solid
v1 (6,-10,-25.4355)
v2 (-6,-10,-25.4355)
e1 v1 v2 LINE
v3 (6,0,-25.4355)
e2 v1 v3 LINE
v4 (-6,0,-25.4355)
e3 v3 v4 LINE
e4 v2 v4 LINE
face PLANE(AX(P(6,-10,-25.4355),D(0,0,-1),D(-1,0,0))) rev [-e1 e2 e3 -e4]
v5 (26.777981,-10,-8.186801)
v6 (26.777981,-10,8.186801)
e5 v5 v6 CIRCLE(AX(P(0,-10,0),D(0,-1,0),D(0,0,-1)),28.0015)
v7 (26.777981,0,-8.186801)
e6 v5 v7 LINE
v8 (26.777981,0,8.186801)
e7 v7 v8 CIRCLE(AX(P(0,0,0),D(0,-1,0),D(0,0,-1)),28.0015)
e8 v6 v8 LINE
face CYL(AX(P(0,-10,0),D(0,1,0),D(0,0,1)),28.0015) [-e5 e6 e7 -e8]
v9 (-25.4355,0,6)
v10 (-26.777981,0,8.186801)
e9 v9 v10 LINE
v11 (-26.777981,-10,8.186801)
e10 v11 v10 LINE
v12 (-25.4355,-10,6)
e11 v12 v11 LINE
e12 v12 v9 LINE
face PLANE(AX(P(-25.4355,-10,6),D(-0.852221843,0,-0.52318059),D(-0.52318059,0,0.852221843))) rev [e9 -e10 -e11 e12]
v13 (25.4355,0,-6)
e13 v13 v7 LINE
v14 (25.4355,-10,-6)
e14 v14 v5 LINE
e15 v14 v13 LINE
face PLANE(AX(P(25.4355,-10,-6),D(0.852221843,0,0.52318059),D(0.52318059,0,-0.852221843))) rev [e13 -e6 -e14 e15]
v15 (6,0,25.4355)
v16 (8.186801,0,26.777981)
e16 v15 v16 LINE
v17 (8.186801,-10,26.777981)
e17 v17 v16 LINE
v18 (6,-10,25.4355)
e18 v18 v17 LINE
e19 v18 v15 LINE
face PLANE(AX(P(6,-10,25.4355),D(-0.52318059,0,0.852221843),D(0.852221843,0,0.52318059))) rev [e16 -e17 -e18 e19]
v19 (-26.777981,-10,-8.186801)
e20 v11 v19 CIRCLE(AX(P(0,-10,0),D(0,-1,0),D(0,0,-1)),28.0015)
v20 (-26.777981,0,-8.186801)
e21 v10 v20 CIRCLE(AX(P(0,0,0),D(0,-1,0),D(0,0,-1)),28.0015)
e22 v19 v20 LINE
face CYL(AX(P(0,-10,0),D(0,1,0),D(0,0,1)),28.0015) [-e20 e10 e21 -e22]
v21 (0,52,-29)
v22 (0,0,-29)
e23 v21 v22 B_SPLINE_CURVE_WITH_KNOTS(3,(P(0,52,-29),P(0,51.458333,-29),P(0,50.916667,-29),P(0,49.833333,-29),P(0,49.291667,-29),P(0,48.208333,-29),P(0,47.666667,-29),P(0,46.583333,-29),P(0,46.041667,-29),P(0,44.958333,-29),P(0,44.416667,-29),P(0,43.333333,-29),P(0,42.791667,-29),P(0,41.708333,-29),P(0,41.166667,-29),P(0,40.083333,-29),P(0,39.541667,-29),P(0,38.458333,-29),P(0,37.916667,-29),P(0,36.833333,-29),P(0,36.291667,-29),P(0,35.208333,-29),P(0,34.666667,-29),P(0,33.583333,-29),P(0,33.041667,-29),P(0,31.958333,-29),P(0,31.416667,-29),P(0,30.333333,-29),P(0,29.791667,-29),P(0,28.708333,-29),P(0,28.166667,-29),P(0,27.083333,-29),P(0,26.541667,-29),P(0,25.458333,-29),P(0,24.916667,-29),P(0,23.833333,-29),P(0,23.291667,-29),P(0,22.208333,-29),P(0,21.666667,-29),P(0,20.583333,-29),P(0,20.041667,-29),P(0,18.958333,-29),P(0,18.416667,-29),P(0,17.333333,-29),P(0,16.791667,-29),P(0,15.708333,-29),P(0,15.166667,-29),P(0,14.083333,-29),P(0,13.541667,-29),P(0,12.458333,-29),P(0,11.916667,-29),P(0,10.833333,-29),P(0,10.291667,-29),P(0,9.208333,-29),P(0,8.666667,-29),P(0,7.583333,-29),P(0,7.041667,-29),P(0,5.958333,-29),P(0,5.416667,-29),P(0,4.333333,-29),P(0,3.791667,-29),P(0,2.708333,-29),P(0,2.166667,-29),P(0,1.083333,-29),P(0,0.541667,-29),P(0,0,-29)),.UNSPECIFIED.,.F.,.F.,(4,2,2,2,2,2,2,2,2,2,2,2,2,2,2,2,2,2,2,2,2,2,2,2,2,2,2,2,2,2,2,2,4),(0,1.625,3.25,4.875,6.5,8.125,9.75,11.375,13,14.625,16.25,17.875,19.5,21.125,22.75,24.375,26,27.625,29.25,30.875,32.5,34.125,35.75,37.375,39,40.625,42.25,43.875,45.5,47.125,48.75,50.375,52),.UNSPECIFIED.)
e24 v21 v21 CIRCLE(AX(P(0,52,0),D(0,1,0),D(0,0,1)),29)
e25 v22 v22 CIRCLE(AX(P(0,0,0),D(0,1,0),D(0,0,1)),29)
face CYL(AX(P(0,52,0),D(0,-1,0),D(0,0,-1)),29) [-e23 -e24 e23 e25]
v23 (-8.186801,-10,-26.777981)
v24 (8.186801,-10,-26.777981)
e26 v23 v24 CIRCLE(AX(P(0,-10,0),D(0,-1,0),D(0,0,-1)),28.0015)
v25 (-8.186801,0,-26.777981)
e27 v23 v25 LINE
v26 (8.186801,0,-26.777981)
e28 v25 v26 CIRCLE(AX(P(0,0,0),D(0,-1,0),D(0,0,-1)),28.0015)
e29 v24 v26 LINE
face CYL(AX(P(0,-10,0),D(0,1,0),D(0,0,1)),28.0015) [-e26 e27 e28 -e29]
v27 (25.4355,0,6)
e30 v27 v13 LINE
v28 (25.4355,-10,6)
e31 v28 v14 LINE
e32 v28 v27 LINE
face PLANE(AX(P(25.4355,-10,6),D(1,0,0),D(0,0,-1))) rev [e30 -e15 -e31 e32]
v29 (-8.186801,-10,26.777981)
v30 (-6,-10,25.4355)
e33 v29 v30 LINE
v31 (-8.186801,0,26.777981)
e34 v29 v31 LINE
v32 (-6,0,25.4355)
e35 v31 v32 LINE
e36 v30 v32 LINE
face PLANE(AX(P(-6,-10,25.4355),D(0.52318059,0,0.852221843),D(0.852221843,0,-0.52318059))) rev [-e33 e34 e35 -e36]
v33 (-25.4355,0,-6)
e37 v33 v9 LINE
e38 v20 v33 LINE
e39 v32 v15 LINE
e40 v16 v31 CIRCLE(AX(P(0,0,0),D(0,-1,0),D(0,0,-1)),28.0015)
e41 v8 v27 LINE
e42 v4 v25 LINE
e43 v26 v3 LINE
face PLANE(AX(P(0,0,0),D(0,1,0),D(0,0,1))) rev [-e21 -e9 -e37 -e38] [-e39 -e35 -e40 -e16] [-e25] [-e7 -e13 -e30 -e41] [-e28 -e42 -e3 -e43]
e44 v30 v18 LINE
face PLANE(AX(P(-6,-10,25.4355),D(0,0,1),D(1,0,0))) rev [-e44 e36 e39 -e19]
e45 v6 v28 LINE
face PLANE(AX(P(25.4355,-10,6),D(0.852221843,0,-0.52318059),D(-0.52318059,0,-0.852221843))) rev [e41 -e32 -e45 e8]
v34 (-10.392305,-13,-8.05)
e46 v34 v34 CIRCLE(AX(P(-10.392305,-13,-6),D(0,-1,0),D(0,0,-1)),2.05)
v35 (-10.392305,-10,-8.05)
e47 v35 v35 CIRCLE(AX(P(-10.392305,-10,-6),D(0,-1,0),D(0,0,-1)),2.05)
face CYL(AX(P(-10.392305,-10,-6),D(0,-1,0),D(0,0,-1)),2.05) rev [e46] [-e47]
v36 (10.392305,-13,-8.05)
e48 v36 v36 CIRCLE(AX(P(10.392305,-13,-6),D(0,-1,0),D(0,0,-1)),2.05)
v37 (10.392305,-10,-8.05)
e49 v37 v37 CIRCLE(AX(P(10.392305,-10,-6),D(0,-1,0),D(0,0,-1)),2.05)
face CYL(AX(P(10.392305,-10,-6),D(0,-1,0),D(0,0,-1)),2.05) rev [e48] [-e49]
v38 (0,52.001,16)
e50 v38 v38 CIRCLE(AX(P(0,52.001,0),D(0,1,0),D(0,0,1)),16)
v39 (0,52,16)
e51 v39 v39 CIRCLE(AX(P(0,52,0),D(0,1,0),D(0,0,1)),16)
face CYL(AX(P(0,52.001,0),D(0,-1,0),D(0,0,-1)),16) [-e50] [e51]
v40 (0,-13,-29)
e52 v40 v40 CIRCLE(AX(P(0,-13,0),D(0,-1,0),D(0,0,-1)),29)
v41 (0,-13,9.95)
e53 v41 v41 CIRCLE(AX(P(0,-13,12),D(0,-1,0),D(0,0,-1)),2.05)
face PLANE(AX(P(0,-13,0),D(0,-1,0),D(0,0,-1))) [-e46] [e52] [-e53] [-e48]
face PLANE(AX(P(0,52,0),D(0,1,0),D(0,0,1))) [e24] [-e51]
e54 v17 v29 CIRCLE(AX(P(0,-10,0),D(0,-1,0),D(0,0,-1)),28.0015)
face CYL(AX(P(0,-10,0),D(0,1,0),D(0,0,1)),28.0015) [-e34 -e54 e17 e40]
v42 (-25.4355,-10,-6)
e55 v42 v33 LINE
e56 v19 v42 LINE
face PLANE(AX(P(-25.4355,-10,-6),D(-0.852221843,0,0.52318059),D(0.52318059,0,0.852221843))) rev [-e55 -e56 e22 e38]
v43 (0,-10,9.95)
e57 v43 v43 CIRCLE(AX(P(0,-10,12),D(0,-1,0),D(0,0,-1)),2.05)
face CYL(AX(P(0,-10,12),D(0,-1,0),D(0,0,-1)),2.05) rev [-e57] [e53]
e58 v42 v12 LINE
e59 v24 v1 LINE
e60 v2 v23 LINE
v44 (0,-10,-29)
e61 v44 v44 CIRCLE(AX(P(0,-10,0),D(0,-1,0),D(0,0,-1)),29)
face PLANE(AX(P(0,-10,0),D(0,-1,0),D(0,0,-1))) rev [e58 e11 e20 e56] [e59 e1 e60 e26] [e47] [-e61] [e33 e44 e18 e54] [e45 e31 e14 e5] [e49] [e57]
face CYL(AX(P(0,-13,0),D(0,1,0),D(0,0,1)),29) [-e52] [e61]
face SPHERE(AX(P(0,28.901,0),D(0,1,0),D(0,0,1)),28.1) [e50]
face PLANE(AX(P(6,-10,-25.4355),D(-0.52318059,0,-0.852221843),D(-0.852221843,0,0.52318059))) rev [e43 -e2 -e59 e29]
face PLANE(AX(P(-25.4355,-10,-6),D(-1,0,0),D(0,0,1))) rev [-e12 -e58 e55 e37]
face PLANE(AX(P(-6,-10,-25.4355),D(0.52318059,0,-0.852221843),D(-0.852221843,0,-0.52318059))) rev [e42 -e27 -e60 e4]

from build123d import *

# Parameters (mm, degrees)
CROQUIS1_R              = 29
SALIENTE_EXTRUIR1_DEPTH = 52
SALIENTE_EXTRUIR2_DEPTH = 10
SALIENTE_EXTRUIR3_START = 3
CROQUIS3_R              = 29
SALIENTE_EXTRUIR3_DEPTH = 3
CROQUIS6_R              = 16
SALIENTE_EXTRUIR4_DEPTH = 0.001
C_PULA1_FACE_RADIUS     = 16
C_PULA1_HEIGHT          = 5
CROQUIS7_R              = 2.05
CORTAR_EXTRUIR1_DEPTH   = 3


with BuildPart() as part:
    # Croquis1 → Saliente-Extruir1 (new body)
    with BuildSketch(Plane(origin=(0, 0, 0), x_dir=(1, 0, 0), z_dir=(0, 1, 0))):
        with Locations(Location((0, 0, 0), (0, 0, 90))):
            Circle(CROQUIS1_R)
    extrude(amount=SALIENTE_EXTRUIR1_DEPTH)

    # Croquis2 → Saliente-Extruir2 (add)
    with BuildSketch(Plane.XZ):
        with BuildLine():
            Line((25.4355, 6), (25.4355, -6))
            Line((25.4355, -6), (26.777981394, -8.18680125))
            ThreePointArc((26.777981394, -8.18680125), (28.0015, 0), (26.777981394, 8.18680125))
            Line((26.777981394, 8.18680125), (25.4355, 6))
        make_face()
        with BuildLine():
            Line((-6, 25.4355), (6, 25.4355))
            Line((6, 25.4355), (8.18680125, 26.777981394))
            ThreePointArc((8.18680125, 26.777981394), (0, 28.0015), (-8.18680125, 26.777981394))
            Line((-8.18680125, 26.777981394), (-6, 25.4355))
        make_face()
        with BuildLine():
            Line((6, -25.4355), (-6, -25.4355))
            Line((-6, -25.4355), (-8.18680125, -26.777981394))
            ThreePointArc((-8.18680125, -26.777981394), (0, -28.0015), (8.18680125, -26.777981394))
            Line((8.18680125, -26.777981394), (6, -25.4355))
        make_face()
        with BuildLine():
            Line((-25.4355, -6), (-25.4355, 6))
            Line((-25.4355, 6), (-26.777981394, 8.18680125))
            ThreePointArc((-26.777981394, 8.18680125), (-28.0015, 0), (-26.777981394, -8.18680125))
            Line((-26.777981394, -8.18680125), (-25.4355, -6))
        make_face()
    extrude(amount=SALIENTE_EXTRUIR2_DEPTH)

    # Croquis3 → Saliente-Extruir3 (add)
    with BuildSketch(Plane.XZ.offset(10).offset(SALIENTE_EXTRUIR3_START)):
        with Locations(Location((0, 0, 0), (0, 0, 270))):
            Circle(CROQUIS3_R)
    extrude(amount=-SALIENTE_EXTRUIR3_DEPTH)

    # Croquis6 → Saliente-Extruir4 (add)
    with BuildSketch(Plane(origin=(0, 52, 0), x_dir=(1, 0, 0), z_dir=(0, 1, 0))):
        with Locations(Location((0, 0, 0), (0, 0, 270))):
            Circle(CROQUIS6_R)
    extrude(amount=SALIENTE_EXTRUIR4_DEPTH)

    # Cúpula1: a dome of height H over a round flat face of radius A is a cap of a sphere of radius (A * A + H * H) / (2 * H)
    c_pula1_r = (C_PULA1_FACE_RADIUS * C_PULA1_FACE_RADIUS + C_PULA1_HEIGHT * C_PULA1_HEIGHT) / (2 * C_PULA1_HEIGHT)
    c_pula1_base = Plane((0, 52.001, 0), z_dir=(0, 1, 0))
    with Locations(c_pula1_base.offset(C_PULA1_HEIGHT - c_pula1_r)):
        c_pula1_ball = Sphere(c_pula1_r, mode=Mode.PRIVATE)
    add(split(c_pula1_ball, bisect_by=c_pula1_base, keep=Keep.TOP, mode=Mode.PRIVATE))

    # Croquis7 → Cortar-Extruir1 (cut)
    with BuildSketch(Plane.XZ.offset(13)):
        with Locations(Location((0, 12, 0), (0, 0, 270))):
            Circle(CROQUIS7_R)
        with Locations(Location((10.392304845, -6, 0), (0, 0, 270))):
            Circle(CROQUIS7_R)
        with Locations(Location((-10.392304845, -6, 0), (0, 0, 270))):
            Circle(CROQUIS7_R)
    extrude(amount=-CORTAR_EXTRUIR1_DEPTH, mode=Mode.SUBTRACT)


solid = part.part
